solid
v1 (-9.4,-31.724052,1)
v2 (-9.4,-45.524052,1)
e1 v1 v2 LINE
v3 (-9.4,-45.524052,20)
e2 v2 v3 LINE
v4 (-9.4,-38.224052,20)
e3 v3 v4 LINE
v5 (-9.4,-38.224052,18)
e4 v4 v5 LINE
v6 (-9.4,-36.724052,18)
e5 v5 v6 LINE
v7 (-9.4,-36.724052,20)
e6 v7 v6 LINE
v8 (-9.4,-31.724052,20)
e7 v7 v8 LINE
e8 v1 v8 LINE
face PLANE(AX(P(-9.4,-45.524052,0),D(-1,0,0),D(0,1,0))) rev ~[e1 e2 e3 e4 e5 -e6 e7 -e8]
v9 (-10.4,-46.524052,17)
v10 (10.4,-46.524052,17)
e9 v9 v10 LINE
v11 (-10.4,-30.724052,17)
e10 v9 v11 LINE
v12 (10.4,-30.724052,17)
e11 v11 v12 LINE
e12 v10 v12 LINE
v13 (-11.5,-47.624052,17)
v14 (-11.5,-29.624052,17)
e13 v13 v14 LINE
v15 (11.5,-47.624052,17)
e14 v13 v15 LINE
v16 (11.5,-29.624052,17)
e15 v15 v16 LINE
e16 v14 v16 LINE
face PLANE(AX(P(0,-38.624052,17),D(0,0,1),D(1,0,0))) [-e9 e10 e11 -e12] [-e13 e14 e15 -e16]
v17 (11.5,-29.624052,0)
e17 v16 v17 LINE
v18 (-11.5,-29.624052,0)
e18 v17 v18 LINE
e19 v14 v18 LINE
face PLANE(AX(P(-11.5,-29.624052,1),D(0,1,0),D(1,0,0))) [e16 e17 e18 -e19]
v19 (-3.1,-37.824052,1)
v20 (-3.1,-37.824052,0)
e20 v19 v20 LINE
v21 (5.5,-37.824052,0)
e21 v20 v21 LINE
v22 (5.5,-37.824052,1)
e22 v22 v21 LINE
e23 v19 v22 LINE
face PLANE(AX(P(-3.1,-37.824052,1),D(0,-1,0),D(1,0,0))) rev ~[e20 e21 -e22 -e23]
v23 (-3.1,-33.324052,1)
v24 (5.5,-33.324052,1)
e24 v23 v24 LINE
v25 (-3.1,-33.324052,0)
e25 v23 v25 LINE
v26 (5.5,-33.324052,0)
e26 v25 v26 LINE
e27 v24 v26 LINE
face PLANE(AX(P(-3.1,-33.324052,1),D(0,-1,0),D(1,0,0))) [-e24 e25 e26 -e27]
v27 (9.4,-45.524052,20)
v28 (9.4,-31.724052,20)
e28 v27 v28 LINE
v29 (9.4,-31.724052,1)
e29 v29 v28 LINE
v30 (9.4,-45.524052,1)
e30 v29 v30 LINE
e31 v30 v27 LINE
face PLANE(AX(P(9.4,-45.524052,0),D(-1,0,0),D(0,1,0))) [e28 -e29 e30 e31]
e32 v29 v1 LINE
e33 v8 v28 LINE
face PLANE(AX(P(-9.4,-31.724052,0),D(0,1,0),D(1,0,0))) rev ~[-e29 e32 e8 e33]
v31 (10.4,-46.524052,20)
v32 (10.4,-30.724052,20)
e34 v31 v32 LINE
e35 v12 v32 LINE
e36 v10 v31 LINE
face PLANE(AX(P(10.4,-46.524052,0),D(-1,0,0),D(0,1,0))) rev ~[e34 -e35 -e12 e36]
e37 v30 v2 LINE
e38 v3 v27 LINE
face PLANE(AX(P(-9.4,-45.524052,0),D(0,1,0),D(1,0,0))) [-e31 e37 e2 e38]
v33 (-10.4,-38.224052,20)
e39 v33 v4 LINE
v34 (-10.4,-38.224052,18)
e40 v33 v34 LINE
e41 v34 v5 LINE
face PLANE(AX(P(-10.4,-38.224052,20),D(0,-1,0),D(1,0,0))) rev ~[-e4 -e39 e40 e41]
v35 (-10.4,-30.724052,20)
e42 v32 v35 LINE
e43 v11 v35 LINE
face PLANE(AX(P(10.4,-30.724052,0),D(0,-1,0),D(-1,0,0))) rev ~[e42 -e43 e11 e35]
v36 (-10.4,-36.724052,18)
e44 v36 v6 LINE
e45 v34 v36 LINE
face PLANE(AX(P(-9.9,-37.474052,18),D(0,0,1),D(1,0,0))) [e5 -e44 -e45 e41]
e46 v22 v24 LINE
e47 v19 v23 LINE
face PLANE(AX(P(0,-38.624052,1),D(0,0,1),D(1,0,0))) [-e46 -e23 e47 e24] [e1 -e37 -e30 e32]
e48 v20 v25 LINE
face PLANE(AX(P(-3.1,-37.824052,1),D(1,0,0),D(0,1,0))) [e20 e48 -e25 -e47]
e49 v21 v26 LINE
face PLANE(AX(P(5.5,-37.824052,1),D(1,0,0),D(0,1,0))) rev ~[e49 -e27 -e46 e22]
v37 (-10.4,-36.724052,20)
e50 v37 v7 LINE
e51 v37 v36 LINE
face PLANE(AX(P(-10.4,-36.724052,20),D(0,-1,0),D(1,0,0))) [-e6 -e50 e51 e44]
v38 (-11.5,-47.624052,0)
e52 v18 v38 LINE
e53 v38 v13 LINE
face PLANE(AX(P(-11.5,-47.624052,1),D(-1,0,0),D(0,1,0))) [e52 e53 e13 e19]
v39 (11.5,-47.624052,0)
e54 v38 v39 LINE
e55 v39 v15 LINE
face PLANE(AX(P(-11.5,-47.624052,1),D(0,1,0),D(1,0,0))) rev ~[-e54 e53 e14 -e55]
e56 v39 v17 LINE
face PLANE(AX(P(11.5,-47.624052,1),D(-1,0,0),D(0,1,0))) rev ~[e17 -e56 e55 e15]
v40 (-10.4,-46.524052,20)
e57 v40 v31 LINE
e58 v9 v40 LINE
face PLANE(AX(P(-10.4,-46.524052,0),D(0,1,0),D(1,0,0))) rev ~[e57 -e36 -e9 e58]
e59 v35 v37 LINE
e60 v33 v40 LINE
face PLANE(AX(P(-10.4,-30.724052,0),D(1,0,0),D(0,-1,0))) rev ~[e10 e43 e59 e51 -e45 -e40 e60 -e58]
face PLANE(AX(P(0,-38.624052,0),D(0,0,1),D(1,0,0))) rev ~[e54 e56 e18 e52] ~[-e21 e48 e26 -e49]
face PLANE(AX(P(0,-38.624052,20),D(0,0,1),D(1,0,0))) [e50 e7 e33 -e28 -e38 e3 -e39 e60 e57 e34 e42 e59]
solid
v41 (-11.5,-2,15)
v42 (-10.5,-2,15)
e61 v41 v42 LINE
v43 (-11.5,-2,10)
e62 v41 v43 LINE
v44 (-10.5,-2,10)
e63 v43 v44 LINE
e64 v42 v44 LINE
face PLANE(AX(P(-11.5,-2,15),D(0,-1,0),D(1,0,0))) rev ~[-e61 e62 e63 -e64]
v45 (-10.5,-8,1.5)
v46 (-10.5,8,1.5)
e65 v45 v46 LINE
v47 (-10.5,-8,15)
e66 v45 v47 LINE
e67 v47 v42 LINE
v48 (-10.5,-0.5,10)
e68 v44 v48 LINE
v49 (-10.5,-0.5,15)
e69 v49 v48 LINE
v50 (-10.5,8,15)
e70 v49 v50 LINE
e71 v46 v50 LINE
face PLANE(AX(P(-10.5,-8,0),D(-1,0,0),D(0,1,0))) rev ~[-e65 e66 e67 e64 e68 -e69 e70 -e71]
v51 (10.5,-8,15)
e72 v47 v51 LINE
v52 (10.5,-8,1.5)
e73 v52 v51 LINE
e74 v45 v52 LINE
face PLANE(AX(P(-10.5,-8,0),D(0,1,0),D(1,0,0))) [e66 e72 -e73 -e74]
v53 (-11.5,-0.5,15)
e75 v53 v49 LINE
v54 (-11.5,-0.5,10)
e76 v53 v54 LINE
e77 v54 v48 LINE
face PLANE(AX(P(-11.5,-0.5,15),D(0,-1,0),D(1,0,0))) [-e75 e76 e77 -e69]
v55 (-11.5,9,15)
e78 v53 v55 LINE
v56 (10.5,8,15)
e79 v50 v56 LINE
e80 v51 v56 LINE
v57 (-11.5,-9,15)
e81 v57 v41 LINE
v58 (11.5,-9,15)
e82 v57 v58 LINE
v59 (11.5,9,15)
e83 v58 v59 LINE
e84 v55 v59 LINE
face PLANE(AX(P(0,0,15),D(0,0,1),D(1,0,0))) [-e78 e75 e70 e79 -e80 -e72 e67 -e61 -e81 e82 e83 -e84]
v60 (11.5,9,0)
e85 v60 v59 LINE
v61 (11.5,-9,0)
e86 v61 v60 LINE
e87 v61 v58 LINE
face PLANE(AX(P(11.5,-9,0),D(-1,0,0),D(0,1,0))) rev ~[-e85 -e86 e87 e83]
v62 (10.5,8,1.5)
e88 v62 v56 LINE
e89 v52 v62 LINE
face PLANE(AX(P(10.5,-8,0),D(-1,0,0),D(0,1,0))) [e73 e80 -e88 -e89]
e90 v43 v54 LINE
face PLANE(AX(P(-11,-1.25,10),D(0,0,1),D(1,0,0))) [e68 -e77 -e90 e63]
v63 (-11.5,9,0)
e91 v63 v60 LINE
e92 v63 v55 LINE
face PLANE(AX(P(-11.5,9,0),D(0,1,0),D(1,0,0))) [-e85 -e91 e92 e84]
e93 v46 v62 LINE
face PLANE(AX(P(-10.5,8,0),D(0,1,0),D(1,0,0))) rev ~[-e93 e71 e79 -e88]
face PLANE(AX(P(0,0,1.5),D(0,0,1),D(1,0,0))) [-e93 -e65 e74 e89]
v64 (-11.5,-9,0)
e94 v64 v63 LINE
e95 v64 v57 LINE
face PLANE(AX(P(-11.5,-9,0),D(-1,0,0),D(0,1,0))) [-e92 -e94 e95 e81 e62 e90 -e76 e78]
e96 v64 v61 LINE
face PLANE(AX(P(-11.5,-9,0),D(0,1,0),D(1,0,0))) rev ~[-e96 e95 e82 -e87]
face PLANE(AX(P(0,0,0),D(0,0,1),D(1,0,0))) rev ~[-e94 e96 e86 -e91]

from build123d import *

# Parameters (mm, degrees)
F0_W        = 21
F0_H        = 16
F1_DEPTH    = 1.5
F0_W_2      = 23
F0_H_2      = 18
F2_DEPTH    = 15
F3_W        = 1
F3_H        = 1.5
F4_DEPTH    = 5
F5_W        = 18.8
F5_H        = 13.8
F6_DEPTH    = 1
F7_DEPTH    = 20
F8_W        = 8.6
F8_H        = 4.5
F9_DEPTH    = 4
F7_FACE_W   = 23
F7_FACE_H   = 18
F7_FACE_W_2 = 20.8
F7_FACE_H_2 = 15.8
F10_DEPTH   = 16
F11_W       = 1
F11_H       = 1.5
F12_DEPTH   = 2


with BuildPart() as f1:
    # F0 (on Top) → F1 (new body)
    with BuildSketch(Plane.XY):
        Rectangle(F0_W, F0_H)
    extrude(amount=F1_DEPTH)

    # F0 (on Top) → F2 (join)
    with BuildSketch(Plane.XY):
        Rectangle(F0_W_2, F0_H_2)
        Rectangle(F0_W, F0_H, mode=Mode.SUBTRACT)
    extrude(amount=F2_DEPTH)

    # F3 (on face) → F4 (cut)
    with BuildSketch(Plane.XY.offset(15)):
        with Locations((-11, -1.25)):
            Rectangle(F3_W, F3_H)
    extrude(amount=-F4_DEPTH, mode=Mode.SUBTRACT)


with BuildPart() as f6:
    # F5 (on Top) → F6 (new body)
    with BuildSketch(Plane.XY):
        Polygon((-11.5, -47.624052), (11.5, -47.624052), (11.5, -29.624052), (-11.5, -29.624052), (-11.5, -32.324052), (-11.5, -45.924052), align=None)
        Polygon((10.4, -46.524052), (-10.4, -46.524052), (-10.4, -45.924052), (-10.4, -32.324052), (-10.4, -30.724052), (10.4, -30.724052), align=None, mode=Mode.SUBTRACT)
        Polygon((-10.4, -45.924052), (-10.4, -46.524052), (10.4, -46.524052), (10.4, -30.724052), (-10.4, -30.724052), (-10.4, -32.324052), align=None)
        with Locations((0, -38.624052)):
            Rectangle(F5_W, F5_H, mode=Mode.SUBTRACT)
        with Locations((0, -38.624052)):
            Rectangle(F5_W, F5_H)
    extrude(amount=F6_DEPTH)

    # F5 (on Top) → F7 (join)
    with BuildSketch(Plane.XY):
        Polygon((-10.4, -45.924052), (-10.4, -46.524052), (10.4, -46.524052), (10.4, -30.724052), (-10.4, -30.724052), (-10.4, -32.324052), align=None)
        with Locations((0, -38.624052)):
            Rectangle(F5_W, F5_H, mode=Mode.SUBTRACT)
    extrude(amount=F7_DEPTH)

    # F8 (on face) → F9 (cut)
    with BuildSketch(Plane.XY.offset(1)):
        with Locations((1.2, -35.574052)):
            Rectangle(F8_W, F8_H)
    extrude(amount=-F9_DEPTH, mode=Mode.SUBTRACT)

    # F7_face (on face) → F10 (join)
    with BuildSketch(Plane(origin=(0, -38.624052, 1), x_dir=(1, 0, 0), z_dir=(0, 0, 1))):
        Rectangle(F7_FACE_W, F7_FACE_H)
        Rectangle(F7_FACE_W_2, F7_FACE_H_2, mode=Mode.SUBTRACT)
    extrude(amount=F10_DEPTH)

    # F11 (on face) → F12 (cut)
    with BuildSketch(Plane.XY.offset(20)):
        with Locations((-9.9, -37.474052)):
            Rectangle(F11_W, F11_H)
    extrude(amount=-F12_DEPTH, mode=Mode.SUBTRACT)


solid = Compound([f1.part, f6.part])
